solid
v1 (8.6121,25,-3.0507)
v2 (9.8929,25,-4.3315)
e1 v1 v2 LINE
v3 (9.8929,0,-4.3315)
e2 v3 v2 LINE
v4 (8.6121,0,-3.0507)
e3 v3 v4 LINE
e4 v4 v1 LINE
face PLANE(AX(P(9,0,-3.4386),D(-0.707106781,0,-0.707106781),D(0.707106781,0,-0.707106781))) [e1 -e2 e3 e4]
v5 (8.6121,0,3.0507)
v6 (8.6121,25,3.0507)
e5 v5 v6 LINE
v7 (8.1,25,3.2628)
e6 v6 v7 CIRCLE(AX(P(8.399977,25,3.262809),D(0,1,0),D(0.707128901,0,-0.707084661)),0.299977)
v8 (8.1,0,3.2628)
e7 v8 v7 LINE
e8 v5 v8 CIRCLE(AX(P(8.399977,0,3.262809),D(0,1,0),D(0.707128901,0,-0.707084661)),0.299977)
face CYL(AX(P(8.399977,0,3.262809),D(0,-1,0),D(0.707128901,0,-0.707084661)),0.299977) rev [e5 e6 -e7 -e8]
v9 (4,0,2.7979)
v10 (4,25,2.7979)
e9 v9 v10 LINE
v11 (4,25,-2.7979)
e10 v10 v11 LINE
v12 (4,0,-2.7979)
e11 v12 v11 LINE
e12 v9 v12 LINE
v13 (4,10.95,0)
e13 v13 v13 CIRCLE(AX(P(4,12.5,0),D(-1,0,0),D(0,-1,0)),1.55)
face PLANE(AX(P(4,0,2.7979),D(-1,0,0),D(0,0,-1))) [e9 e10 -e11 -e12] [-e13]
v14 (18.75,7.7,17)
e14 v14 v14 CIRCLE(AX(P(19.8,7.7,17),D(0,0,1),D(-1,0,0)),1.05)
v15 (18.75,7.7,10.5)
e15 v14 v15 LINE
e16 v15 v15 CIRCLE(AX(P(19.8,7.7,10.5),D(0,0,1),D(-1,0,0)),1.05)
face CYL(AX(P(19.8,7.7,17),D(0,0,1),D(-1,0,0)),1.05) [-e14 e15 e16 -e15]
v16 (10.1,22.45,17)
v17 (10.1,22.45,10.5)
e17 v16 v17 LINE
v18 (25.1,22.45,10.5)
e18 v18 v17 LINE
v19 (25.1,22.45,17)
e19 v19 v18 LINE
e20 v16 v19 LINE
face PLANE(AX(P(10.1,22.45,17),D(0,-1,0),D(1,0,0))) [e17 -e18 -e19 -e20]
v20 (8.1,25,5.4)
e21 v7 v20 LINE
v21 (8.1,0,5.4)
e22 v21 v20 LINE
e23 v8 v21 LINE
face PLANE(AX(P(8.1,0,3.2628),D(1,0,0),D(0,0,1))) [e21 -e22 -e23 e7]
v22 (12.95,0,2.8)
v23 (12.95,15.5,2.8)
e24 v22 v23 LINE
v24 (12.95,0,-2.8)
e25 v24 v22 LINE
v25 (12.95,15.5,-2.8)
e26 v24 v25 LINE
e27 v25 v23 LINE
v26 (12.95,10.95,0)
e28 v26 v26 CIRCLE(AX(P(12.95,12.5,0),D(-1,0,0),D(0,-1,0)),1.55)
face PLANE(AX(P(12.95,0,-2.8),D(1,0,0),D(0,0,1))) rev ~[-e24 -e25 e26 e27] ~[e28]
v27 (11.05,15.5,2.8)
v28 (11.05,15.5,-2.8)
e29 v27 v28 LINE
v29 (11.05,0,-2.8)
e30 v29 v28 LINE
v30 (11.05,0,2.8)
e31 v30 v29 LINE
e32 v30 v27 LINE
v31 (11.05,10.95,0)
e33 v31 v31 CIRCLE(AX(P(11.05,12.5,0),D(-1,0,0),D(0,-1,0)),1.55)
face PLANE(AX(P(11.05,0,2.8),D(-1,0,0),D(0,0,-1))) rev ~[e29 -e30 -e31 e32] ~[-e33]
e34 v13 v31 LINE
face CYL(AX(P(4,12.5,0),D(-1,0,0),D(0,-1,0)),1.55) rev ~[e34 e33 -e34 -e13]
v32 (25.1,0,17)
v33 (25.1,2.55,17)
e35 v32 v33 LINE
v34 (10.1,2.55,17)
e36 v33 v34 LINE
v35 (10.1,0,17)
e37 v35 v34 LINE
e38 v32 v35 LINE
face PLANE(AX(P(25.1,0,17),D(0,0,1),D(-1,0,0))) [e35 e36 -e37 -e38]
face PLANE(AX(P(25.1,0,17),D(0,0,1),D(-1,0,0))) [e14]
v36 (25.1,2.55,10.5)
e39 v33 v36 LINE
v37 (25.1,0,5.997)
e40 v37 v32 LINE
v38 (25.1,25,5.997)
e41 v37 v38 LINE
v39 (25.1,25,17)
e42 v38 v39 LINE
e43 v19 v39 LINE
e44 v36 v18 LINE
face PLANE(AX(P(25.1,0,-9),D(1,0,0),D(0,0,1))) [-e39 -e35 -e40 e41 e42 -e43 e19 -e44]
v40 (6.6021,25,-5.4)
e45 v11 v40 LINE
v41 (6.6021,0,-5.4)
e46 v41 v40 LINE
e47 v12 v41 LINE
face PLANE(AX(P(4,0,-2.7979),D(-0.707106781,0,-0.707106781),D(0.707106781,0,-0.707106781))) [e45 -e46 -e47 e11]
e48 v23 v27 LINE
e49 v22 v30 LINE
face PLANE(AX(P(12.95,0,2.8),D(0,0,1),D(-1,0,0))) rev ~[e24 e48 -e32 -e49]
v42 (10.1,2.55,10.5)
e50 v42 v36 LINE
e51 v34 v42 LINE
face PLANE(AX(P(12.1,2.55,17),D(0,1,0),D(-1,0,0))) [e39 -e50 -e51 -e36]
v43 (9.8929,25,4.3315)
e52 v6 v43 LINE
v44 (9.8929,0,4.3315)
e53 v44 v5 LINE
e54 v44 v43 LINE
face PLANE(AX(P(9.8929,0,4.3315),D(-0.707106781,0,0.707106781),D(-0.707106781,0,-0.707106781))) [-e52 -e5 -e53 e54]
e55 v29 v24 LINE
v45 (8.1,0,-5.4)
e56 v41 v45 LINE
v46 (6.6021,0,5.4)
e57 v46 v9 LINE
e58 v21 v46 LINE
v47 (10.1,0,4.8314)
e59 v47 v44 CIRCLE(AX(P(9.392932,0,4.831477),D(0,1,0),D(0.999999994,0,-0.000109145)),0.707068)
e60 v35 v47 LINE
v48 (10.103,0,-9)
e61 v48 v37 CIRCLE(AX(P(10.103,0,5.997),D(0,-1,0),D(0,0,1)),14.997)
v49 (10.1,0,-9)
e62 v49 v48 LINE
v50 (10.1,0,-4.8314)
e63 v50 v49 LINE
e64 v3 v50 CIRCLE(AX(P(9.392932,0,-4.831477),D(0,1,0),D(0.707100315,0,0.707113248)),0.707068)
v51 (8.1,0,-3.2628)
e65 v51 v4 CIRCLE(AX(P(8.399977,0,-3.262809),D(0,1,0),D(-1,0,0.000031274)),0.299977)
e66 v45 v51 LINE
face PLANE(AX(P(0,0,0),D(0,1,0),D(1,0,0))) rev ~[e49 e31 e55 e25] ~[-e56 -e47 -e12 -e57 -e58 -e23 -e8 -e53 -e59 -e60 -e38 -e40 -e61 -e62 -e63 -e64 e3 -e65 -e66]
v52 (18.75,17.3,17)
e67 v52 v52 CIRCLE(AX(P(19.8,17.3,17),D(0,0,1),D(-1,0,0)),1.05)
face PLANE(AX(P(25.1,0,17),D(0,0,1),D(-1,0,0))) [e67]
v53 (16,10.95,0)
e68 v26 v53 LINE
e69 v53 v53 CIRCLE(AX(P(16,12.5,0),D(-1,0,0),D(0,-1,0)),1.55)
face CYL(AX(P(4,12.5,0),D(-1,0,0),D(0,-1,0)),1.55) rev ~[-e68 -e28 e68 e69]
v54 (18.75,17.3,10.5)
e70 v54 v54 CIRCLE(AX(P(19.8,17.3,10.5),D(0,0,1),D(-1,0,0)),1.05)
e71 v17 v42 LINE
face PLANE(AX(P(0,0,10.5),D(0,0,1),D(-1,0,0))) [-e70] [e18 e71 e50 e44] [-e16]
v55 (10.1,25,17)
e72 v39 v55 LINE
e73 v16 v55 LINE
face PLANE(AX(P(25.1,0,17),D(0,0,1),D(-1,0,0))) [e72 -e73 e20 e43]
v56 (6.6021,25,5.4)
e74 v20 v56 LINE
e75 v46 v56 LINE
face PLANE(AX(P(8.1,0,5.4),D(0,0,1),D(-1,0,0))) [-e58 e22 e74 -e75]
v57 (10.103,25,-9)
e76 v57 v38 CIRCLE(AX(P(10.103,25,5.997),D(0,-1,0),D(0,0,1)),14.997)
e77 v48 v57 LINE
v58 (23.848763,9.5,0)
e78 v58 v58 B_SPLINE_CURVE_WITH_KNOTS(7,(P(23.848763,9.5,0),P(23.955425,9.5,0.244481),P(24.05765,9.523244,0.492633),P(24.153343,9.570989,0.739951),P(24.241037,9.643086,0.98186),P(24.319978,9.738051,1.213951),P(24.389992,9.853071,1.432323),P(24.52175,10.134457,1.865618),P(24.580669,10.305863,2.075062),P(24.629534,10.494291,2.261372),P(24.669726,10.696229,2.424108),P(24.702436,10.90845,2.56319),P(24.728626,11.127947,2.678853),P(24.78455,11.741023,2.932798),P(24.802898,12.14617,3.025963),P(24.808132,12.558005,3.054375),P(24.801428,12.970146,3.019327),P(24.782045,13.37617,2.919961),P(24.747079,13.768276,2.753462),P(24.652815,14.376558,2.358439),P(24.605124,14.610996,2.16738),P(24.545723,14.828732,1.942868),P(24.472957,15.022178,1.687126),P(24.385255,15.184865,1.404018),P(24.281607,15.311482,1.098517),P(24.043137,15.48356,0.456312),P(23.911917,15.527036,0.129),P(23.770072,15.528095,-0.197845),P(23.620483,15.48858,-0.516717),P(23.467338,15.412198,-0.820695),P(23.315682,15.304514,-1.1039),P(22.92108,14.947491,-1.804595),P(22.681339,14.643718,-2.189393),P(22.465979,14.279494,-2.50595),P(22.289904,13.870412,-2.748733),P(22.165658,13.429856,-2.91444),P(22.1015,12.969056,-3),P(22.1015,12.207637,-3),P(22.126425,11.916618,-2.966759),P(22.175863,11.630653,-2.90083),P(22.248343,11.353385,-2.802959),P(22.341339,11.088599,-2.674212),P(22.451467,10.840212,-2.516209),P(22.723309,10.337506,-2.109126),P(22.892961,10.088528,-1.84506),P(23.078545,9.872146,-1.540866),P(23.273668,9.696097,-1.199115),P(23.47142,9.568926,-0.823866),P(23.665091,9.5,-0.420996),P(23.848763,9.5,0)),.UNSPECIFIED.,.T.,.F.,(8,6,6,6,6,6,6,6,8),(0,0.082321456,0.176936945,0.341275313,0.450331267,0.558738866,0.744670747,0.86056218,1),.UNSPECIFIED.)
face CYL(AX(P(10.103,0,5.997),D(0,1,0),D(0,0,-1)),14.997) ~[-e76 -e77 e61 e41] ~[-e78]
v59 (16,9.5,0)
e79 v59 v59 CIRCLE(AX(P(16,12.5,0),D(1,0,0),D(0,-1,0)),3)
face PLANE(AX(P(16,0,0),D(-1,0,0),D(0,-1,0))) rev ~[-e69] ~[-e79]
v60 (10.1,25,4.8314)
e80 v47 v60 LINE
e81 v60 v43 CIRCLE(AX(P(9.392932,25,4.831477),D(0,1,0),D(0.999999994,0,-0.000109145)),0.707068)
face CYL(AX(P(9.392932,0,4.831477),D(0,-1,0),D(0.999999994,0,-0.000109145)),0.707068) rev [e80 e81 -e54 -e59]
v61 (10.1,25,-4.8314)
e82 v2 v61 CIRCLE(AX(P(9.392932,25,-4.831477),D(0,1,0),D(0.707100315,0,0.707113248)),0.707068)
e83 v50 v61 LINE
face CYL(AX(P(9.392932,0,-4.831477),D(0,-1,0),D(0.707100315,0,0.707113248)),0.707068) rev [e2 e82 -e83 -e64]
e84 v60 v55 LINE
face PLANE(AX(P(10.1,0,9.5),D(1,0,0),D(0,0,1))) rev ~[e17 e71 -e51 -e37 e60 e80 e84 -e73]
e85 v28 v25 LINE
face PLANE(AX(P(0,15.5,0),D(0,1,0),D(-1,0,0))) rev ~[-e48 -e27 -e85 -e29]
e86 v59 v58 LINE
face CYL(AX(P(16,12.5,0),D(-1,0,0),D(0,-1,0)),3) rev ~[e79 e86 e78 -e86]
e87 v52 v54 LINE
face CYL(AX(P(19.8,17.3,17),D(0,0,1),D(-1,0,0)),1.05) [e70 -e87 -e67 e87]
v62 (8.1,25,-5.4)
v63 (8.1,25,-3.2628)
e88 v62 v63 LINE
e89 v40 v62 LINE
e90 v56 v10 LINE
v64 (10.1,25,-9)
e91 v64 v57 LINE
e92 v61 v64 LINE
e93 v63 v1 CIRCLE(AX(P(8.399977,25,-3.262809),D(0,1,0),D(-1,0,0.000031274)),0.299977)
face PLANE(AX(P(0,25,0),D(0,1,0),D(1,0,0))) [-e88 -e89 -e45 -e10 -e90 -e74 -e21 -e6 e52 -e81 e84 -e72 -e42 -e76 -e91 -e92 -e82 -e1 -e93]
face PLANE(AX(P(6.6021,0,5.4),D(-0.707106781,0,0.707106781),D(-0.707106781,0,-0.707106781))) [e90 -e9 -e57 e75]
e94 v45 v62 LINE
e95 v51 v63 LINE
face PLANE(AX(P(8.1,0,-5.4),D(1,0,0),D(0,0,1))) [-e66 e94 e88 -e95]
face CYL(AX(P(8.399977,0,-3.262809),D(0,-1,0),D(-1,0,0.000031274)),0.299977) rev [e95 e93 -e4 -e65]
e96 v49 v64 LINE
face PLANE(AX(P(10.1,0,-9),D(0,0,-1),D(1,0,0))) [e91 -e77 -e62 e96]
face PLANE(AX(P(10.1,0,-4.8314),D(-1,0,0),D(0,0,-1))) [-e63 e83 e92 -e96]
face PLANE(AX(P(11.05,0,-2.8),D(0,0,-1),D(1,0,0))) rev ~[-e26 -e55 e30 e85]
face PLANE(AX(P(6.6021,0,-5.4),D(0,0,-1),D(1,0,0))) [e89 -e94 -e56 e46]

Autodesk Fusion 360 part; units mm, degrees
sketch "Sketch1" plane through (0, 0, 0) normal (0, 1, 0) x (1, 0, 0)
  line L0 (-4.4022, -9.8222) -> (-3.1214, -8.5414)
  arc A0 (10, -4.8314) -> (9.8222, -4.4022) centre (9.3929, -4.8314) ccw
  line L1 (6.5607, -5.5) -> (3.9, -2.8393)
  line L2 (-9.9987, -4.7917) -> (-10, -9.5)
  line L3 (9.8222, -4.4022) -> (8.5414, -3.1214)
  arc A1 (-3.2628, 8.2) -> (-3.1214, 8.5414) centre (-3.2628, 8.4) ccw
  line L4 (3.9, 2.8393) -> (6.5607, 5.5)
  arc A2 (-8.5414, 3.1214) -> (-8.2, 3.2628) centre (-8.4, 3.2628) ccw
  line L5 (-4.8314, 10) -> (-9.5, 10)
  line L6 (-6.5607, 5.5) -> (-3.9, 2.8393)
  arc A3 (-9.5, 10) -> (-10, 9.5) centre (-9.5, 9.5) ccw
  arc A4 (8.2, 3.2628) -> (8.5414, 3.1214) centre (8.4, 3.2628) ccw
  line L7 (-5.5, 6.5607) -> (-5.5, 8.2)
  line L8 (6.5607, 5.5) -> (8.2, 5.5)
  line L9 (8.5414, 3.1214) -> (9.8222, 4.4022)
  arc A5 (3.1214, 8.5414) -> (3.2628, 8.2) centre (3.2628, 8.4) ccw
  line L10 (-8.2, 3.2628) -> (-8.2, 5.5)
  line L11 (9.5, 10) -> (4.8314, 10)
  arc A6 (10, 9.5) -> (9.5, 10) centre (9.5, 9.5) ccw
  line L12 (10, 4.8314) -> (10, 9.5)
  arc A7 (-4.4312, 9.8494) -> (-4.8314, 10) centre (-4.8314, 9.3929) ccw
  line L13 (-9.8494, 4.4312) -> (-8.5414, 3.1214)
  line L14 (4.4022, 9.8222) -> (3.1214, 8.5414)
  line L15 (-5.5, 8.2) -> (-3.2628, 8.2)
  line L16 (5.5, 8.2) -> (5.5, 6.5607)
  arc A8 (-10, 4.9) -> (-9.8494, 4.4312) centre (-9.3734, 4.8428) ccw
  circle A9 centre (0, 0) radius 2.1
  arc A10 (4.8314, 10) -> (4.4022, 9.8222) centre (4.8314, 9.3929) ccw
  line L17 (-2.8393, 3.9) -> (-5.5, 6.5607)
  line L18 (5.5, 6.5607) -> (2.8393, 3.9)
  line L19 (-3.9, 2.8393) -> (-3.9, -2.8393)
  line L20 (-10, 9.5) -> (-10, 4.9)
  line L21 (2.8393, 3.9) -> (-2.8393, 3.9)
  line L22 (3.9, -2.8393) -> (3.9, 2.8393)
  line L23 (3.2628, 8.2) -> (5.5, 8.2)
  line L24 (8.2, 5.5) -> (8.2, 3.2628)
  line L25 (5.5, -6.5607) -> (5.5, -8.2)
  arc A11 (4.2336, -9.6536) -> (4.8314, -10) centre (4.8837, -9.2207) ccw
  arc A12 (-4.8314, -10) -> (-4.4022, -9.8222) centre (-4.8314, -9.3929) ccw
  line L26 (-5.5, -6.5607) -> (-2.8393, -3.9)
  line L27 (10, -9.5) -> (10, -4.8314)
  line L28 (-8.5414, -3.1214) -> (-9.8222, -4.4022)
  line L29 (5.5, -8.2) -> (3.2628, -8.2)
  line L30 (4.8314, -10) -> (9.5, -10)
  line L31 (-8.2, -5.5) -> (-8.2, -3.2628)
  arc A13 (8.5414, -3.1214) -> (8.2, -3.2628) centre (8.4, -3.2628) ccw
  line L32 (-2.8393, -3.9) -> (2.8393, -3.9)
  arc A14 (-8.2, -3.2628) -> (-8.5414, -3.1214) centre (-8.4, -3.2628) ccw
  arc A15 (-3.1214, -8.5414) -> (-3.2628, -8.2) centre (-3.2628, -8.4) ccw
  line L33 (3.1214, -8.5414) -> (4.2336, -9.6536)
  line L34 (-5.5, -8.2) -> (-5.5, -6.5607)
  line L35 (-6.5607, -5.5) -> (-8.2, -5.5)
  line L36 (8.2, -3.2628) -> (8.2, -5.5)
  arc A16 (-9.8222, -4.4022) -> (-9.9987, -4.7917) centre (-9.3929, -4.8314) ccw
  line L37 (-9.5, -10) -> (-4.8314, -10)
  arc A17 (-10, -9.5) -> (-9.5, -10) centre (-9.5, -9.5) ccw
  arc A18 (3.2628, -8.2) -> (3.1214, -8.5414) centre (3.2628, -8.4) ccw
  line L38 (8.2, -5.5) -> (6.5607, -5.5)
  line L39 (-3.2628, -8.2) -> (-5.5, -8.2)
  line L40 (-3.9, -2.8393) -> (-6.5607, -5.5)
  line L41 (2.8393, -3.9) -> (5.5, -6.5607)
  arc A19 (9.5, -10) -> (10, -9.5) centre (9.5, -9.5) ccw
  line L42 (-3.1214, 8.5414) -> (-4.4312, 9.8494)
  arc A20 (9.8222, 4.4022) -> (10, 4.8314) centre (9.3929, 4.8314) ccw
  line L43 (-8.2, 5.5) -> (-6.5607, 5.5)
  line L44 (4, 2.7979) -> (6.6021, 5.4)
  line L45 (6.6021, 5.4) -> (8.1, 5.4)
  line L46 (8.1, 5.4) -> (8.1, 3.2628)
  arc A21 (8.1, 3.2628) -> (8.6121, 3.0507) centre (8.4, 3.2628) ccw
  line L47 (8.6121, 3.0507) -> (9.8929, 4.3315)
  arc A22 (9.8929, 4.3315) -> (10.1, 4.8314) centre (9.3929, 4.8314) ccw
  line L48 (10.1, 4.8314) -> (10.1, 9.5)
  arc A23 (10.1, 9.5) -> (9.5, 10.1) centre (9.5, 9.5) ccw
  line L49 (9.5, 10.1) -> (4.8314, 10.1)
  arc A24 (4.8314, 10.1) -> (4.3315, 9.8929) centre (4.8314, 9.3929) ccw
  line L50 (4.3315, 9.8929) -> (3.0507, 8.6121)
  arc A25 (3.0507, 8.6121) -> (3.2628, 8.1) centre (3.2628, 8.4) ccw
  line L51 (3.2628, 8.1) -> (5.4, 8.1)
  line L52 (5.4, 8.1) -> (5.4, 6.6021)
  line L53 (5.4, 6.6021) -> (2.7979, 4)
  line L54 (2.7979, 4) -> (-2.7979, 4)
  line L55 (-2.7979, 4) -> (-5.4, 6.6021)
  line L56 (-5.4, 6.6021) -> (-5.4, 8.1)
  line L57 (-5.4, 8.1) -> (-3.2628, 8.1)
  arc A26 (-3.2628, 8.1) -> (-3.0509, 8.6124) centre (-3.2628, 8.4) ccw
  line L58 (-3.0509, 8.6124) -> (-4.3627, 9.9223)
  arc A27 (-4.3627, 9.9223) -> (-4.8314, 10.1) centre (-4.8314, 9.3929) ccw
  line L59 (-4.8314, 10.1) -> (-9.5, 10.1)
  arc A28 (-9.5, 10.1) -> (-10.1, 9.5) centre (-9.5, 9.5) ccw
  line L60 (-10.1, 9.5) -> (-10.1, 4.9044)
  arc A29 (-10.1, 4.9044) -> (-9.9226, 4.363) centre (-9.3734, 4.8428) ccw
  line L61 (-9.9226, 4.363) -> (-8.6124, 3.0509)
  arc A30 (-8.6124, 3.0509) -> (-8.1, 3.2628) centre (-8.4, 3.2628) ccw
  line L62 (-8.1, 3.2628) -> (-8.1, 5.4)
  line L63 (-8.1, 5.4) -> (-6.6021, 5.4)
  line L64 (-6.6021, 5.4) -> (-4, 2.7979)
  line L65 (-4, 2.7979) -> (-4, -2.7979)
  line L66 (-4, -2.7979) -> (-6.6021, -5.4)
  line L67 (-6.6021, -5.4) -> (-8.1, -5.4)
  line L68 (-8.1, -5.4) -> (-8.1, -3.2628)
  arc A31 (-8.1, -3.2628) -> (-8.6121, -3.0507) centre (-8.4, -3.2628) ccw
  line L69 (-8.6121, -3.0507) -> (-9.8929, -4.3315)
  arc A32 (-9.8929, -4.3315) -> (-10.0987, -4.7886) centre (-9.3929, -4.8314) ccw
  line L70 (-10.0987, -4.7886) -> (-10.1, -9.4997)
  arc A33 (-10.1, -9.4997) -> (-9.5, -10.1) centre (-9.5, -9.5) ccw
  line L71 (-9.5, -10.1) -> (-4.8314, -10.1)
  arc A34 (-4.8314, -10.1) -> (-4.3315, -9.8929) centre (-4.8314, -9.3929) ccw
  line L72 (-4.3315, -9.8929) -> (-3.0507, -8.6121)
  arc A35 (-3.0507, -8.6121) -> (-3.2628, -8.1) centre (-3.2628, -8.4) ccw
  line L73 (-3.2628, -8.1) -> (-5.4, -8.1)
  line L74 (-5.4, -8.1) -> (-5.4, -6.6021)
  line L75 (-5.4, -6.6021) -> (-2.7979, -4)
  line L76 (-2.7979, -4) -> (2.7979, -4)
  line L77 (2.7979, -4) -> (5.4, -6.6021)
  line L78 (5.4, -6.6021) -> (5.4, -8.1)
  line L79 (5.4, -8.1) -> (3.2628, -8.1)
  arc A36 (3.2628, -8.1) -> (3.0507, -8.6121) centre (3.2628, -8.4) ccw
  line L80 (3.0507, -8.6121) -> (4.1561, -9.7175)
  arc A37 (4.1561, -9.7175) -> (4.8282, -10.1) centre (4.8837, -9.2207) ccw
  line L81 (4.8282, -10.1) -> (9.5, -10.1)
  arc A38 (9.5, -10.1) -> (10.1, -9.5) centre (9.5, -9.5) ccw
  line L82 (10.1, -9.5) -> (10.1, -4.8314)
  arc A39 (10.1, -4.8314) -> (9.8929, -4.3315) centre (9.3929, -4.8314) ccw
  line L83 (9.8929, -4.3315) -> (8.6121, -3.0507)
  arc A40 (8.6121, -3.0507) -> (8.1, -3.2628) centre (8.4, -3.2628) ccw
  line L84 (8.1, -3.2628) -> (8.1, -5.4)
  line L85 (8.1, -5.4) -> (6.6021, -5.4)
  line L86 (6.6021, -5.4) -> (4, -2.7979)
  line L87 (4, -2.7979) -> (4, 2.7979)
  line L88 (9, 9) -> (25.1, 9)
  line L89 (25.1, 9) -> (25.1, -17)
  line L90 (25.1, -17) -> (9, -17)
  line L91 (9, -17) -> (9, 9)
  line L92 (10.1, -5.988) -> (10.1, -17)
  dimension "d1" = 0.1
  dimension "d2" = 16.1
  dimension "d3" = 26
extrude "Extrude1" add sketch "Sketch1" along normal blind 25 contours L47 A22 L48 L82 A39 L83 L88 L89 L90 L91 L92 | L44 L45 L46 A21 L47 L83 A40 L84 L85 L86 L87 L91
fillet "Fillet1" radius 15 1 edges at (25.1, 12.5, -9)
sketch "Sketch2" plane through (0, 0, 17) normal (0, 0, 1) x (-1, 0, 0)
  line L0 (-10.1, 0) -> (-25.1, 0)
  line L1 (-25.1, 0) -> (-25.1, -25)
  line L2 (-25.1, -25) -> (-10.1, -25)
  line L3 (-10.1, -25) -> (-10.1, 0)
  line L4 (-10.1, 0) -> (-12.1, 0) construction
  line L5 (-12.1, 0) -> (-25.1, 0) construction
  line L6 (-18.6, 0) -> (-18.6, -25) construction
  line L7 (-25.1, -12.5) -> (-18.6, -12.5) construction
  line L8 (-25.1, -2.55) -> (-12.1, -2.55)
  line L9 (-12.1, -2.55) -> (-12.1, -22.45)
  line L10 (-12.1, -22.45) -> (-25.1, -22.45)
  line L11 (-25.1, -22.45) -> (-25.1, -2.55)
  line L12 (-25.1, -2.55) -> (-12.1, -22.45) construction
  line L13 (-12.1, -2.55) -> (-25.1, -22.45) construction
  line L14 (-12.1, -2.55) -> (-19.8, -2.55) construction
  line L15 (-19.8, -2.55) -> (-19.8, -22.45) construction
  line L16 (-19.8, -2.55) -> (-19.8, -7.7) construction
  line L17 (-19.8, -7.7) -> (-19.8, -17.3) construction
  line L18 (-19.8, -17.3) -> (-19.8, -22.45) construction
  circle A0 centre (-19.8, -7.7) radius 1.05
  circle A1 centre (-19.8, -17.3) radius 1.05
  line L19 (-12.1, -2.55) -> (-10.1, -2.55)
  line L20 (-10.1, -2.55) -> (-10.1, -22.45)
  line L21 (-10.1, -22.45) -> (-12.1, -22.45)
  line L22 (-12.1, -22.45) -> (-12.1, -2.55)
  point P0 (-18.6, -12.5)
  dimension "d8" = 2
  dimension "d9" = 19.9
  dimension "d10" = 7.7
  dimension "d11" = 5.15
  dimension "d12" = 9.6
  dimension "d13" = 5.15
  dimension "d14" = 2.1
  dimension "d15" = 2.1
  dimension "d16" = 19.9
extrude "Extrude2" cut sketch "Sketch2" against normal blind 6.5 contours L3 L9 L19 L20 L21 L22 | L1 L8 L9 L10 L11 L22
sketch "Sketch3" plane through (0, 25, 0) normal (0, 1, 0) x (-1, 0, 0)
  arc A0 (-25.1, 6) -> (-10.1, -9) centre (-10.1, 6) ccw
  line L0 (-10.1, -9) -> (-10.1, -4.8314)
  arc A1 (-9.8929, -4.3315) -> (-10.1, -4.8314) centre (-9.3929, -4.8314) ccw
  line L1 (-9.8929, -4.3315) -> (-8.6121, -3.0507)
  arc A2 (-8.1, -3.2628) -> (-8.6121, -3.0507) centre (-8.4, -3.2628) ccw
  line L2 (-8.1, -3.2628) -> (-8.1, -5.4)
  line L3 (-8.1, -5.4) -> (-6.6021, -5.4)
  line L4 (-6.6021, -5.4) -> (-4, -2.7979)
  line L5 (-4, -2.7979) -> (-4, 2.7979)
  line L6 (-4, 2.7979) -> (-6.6021, 5.4)
  line L7 (-6.6021, 5.4) -> (-8.1, 5.4)
  line L8 (-8.1, 5.4) -> (-8.1, 3.2628)
  arc A3 (-8.6121, 3.0507) -> (-8.1, 3.2628) centre (-8.4, 3.2628) ccw
  line L9 (-8.6121, 3.0507) -> (-9.8929, 4.3315)
  arc A4 (-10.1, 4.8314) -> (-9.8929, 4.3315) centre (-9.3929, 4.8314) ccw
  line L10 (-10.1, 4.8314) -> (-10.1, 5.988)
  line L11 (-10.1, 5.988) -> (-10.1, 17)
  line L12 (-10.1, 17) -> (-25.1, 17)
  line L13 (-25.1, 17) -> (-25.1, 6)
  line L14 (-12.95, 2.8) -> (-11.05, 2.8)
  line L15 (-11.05, 2.8) -> (-11.05, -2.8)
  line L16 (-11.05, -2.8) -> (-12.95, -2.8)
  line L17 (-12.95, -2.8) -> (-12.95, 2.8)
  line L18 (-12.95, 2.8) -> (-11.05, -2.8) construction
  line L19 (-11.05, 2.8) -> (-12.95, -2.8) construction
  point P0 (-12, 0)
  dimension "d19" = 1.9
  dimension "d20" = 5.6
sketch "Sketch4" plane through (4, 0, 0) normal (-1, 0, 0) x (0, -1, 0)
  line L0 (0, -2.7979) -> (0, 2.7979)
  line L1 (0, 2.7979) -> (-25, 2.7979)
  line L2 (-25, 2.7979) -> (-25, -2.7979)
  line L3 (-25, -2.7979) -> (0, -2.7979)
  line L4 (0, 0) -> (-12.5, 0) construction
  circle A0 centre (-12.5, 0) radius 1.55
  circle A1 centre (-12.5, 0) radius 3
  dimension "d21" = 3.1
  dimension "d22" = 6
extrude "Extrude3" cut sketch "Sketch4" against normal blind 21 contours A0
extrude "Extrude4" cut sketch "Sketch4" against normal blind 10 from surface at -12 contours L3 A1 | L1 L3 A1 | L1 A1
extrude "Extrude5" cut sketch "Sketch3" along normal blind 15.5 from surface at -25 contours L14 L15 L16 L17
